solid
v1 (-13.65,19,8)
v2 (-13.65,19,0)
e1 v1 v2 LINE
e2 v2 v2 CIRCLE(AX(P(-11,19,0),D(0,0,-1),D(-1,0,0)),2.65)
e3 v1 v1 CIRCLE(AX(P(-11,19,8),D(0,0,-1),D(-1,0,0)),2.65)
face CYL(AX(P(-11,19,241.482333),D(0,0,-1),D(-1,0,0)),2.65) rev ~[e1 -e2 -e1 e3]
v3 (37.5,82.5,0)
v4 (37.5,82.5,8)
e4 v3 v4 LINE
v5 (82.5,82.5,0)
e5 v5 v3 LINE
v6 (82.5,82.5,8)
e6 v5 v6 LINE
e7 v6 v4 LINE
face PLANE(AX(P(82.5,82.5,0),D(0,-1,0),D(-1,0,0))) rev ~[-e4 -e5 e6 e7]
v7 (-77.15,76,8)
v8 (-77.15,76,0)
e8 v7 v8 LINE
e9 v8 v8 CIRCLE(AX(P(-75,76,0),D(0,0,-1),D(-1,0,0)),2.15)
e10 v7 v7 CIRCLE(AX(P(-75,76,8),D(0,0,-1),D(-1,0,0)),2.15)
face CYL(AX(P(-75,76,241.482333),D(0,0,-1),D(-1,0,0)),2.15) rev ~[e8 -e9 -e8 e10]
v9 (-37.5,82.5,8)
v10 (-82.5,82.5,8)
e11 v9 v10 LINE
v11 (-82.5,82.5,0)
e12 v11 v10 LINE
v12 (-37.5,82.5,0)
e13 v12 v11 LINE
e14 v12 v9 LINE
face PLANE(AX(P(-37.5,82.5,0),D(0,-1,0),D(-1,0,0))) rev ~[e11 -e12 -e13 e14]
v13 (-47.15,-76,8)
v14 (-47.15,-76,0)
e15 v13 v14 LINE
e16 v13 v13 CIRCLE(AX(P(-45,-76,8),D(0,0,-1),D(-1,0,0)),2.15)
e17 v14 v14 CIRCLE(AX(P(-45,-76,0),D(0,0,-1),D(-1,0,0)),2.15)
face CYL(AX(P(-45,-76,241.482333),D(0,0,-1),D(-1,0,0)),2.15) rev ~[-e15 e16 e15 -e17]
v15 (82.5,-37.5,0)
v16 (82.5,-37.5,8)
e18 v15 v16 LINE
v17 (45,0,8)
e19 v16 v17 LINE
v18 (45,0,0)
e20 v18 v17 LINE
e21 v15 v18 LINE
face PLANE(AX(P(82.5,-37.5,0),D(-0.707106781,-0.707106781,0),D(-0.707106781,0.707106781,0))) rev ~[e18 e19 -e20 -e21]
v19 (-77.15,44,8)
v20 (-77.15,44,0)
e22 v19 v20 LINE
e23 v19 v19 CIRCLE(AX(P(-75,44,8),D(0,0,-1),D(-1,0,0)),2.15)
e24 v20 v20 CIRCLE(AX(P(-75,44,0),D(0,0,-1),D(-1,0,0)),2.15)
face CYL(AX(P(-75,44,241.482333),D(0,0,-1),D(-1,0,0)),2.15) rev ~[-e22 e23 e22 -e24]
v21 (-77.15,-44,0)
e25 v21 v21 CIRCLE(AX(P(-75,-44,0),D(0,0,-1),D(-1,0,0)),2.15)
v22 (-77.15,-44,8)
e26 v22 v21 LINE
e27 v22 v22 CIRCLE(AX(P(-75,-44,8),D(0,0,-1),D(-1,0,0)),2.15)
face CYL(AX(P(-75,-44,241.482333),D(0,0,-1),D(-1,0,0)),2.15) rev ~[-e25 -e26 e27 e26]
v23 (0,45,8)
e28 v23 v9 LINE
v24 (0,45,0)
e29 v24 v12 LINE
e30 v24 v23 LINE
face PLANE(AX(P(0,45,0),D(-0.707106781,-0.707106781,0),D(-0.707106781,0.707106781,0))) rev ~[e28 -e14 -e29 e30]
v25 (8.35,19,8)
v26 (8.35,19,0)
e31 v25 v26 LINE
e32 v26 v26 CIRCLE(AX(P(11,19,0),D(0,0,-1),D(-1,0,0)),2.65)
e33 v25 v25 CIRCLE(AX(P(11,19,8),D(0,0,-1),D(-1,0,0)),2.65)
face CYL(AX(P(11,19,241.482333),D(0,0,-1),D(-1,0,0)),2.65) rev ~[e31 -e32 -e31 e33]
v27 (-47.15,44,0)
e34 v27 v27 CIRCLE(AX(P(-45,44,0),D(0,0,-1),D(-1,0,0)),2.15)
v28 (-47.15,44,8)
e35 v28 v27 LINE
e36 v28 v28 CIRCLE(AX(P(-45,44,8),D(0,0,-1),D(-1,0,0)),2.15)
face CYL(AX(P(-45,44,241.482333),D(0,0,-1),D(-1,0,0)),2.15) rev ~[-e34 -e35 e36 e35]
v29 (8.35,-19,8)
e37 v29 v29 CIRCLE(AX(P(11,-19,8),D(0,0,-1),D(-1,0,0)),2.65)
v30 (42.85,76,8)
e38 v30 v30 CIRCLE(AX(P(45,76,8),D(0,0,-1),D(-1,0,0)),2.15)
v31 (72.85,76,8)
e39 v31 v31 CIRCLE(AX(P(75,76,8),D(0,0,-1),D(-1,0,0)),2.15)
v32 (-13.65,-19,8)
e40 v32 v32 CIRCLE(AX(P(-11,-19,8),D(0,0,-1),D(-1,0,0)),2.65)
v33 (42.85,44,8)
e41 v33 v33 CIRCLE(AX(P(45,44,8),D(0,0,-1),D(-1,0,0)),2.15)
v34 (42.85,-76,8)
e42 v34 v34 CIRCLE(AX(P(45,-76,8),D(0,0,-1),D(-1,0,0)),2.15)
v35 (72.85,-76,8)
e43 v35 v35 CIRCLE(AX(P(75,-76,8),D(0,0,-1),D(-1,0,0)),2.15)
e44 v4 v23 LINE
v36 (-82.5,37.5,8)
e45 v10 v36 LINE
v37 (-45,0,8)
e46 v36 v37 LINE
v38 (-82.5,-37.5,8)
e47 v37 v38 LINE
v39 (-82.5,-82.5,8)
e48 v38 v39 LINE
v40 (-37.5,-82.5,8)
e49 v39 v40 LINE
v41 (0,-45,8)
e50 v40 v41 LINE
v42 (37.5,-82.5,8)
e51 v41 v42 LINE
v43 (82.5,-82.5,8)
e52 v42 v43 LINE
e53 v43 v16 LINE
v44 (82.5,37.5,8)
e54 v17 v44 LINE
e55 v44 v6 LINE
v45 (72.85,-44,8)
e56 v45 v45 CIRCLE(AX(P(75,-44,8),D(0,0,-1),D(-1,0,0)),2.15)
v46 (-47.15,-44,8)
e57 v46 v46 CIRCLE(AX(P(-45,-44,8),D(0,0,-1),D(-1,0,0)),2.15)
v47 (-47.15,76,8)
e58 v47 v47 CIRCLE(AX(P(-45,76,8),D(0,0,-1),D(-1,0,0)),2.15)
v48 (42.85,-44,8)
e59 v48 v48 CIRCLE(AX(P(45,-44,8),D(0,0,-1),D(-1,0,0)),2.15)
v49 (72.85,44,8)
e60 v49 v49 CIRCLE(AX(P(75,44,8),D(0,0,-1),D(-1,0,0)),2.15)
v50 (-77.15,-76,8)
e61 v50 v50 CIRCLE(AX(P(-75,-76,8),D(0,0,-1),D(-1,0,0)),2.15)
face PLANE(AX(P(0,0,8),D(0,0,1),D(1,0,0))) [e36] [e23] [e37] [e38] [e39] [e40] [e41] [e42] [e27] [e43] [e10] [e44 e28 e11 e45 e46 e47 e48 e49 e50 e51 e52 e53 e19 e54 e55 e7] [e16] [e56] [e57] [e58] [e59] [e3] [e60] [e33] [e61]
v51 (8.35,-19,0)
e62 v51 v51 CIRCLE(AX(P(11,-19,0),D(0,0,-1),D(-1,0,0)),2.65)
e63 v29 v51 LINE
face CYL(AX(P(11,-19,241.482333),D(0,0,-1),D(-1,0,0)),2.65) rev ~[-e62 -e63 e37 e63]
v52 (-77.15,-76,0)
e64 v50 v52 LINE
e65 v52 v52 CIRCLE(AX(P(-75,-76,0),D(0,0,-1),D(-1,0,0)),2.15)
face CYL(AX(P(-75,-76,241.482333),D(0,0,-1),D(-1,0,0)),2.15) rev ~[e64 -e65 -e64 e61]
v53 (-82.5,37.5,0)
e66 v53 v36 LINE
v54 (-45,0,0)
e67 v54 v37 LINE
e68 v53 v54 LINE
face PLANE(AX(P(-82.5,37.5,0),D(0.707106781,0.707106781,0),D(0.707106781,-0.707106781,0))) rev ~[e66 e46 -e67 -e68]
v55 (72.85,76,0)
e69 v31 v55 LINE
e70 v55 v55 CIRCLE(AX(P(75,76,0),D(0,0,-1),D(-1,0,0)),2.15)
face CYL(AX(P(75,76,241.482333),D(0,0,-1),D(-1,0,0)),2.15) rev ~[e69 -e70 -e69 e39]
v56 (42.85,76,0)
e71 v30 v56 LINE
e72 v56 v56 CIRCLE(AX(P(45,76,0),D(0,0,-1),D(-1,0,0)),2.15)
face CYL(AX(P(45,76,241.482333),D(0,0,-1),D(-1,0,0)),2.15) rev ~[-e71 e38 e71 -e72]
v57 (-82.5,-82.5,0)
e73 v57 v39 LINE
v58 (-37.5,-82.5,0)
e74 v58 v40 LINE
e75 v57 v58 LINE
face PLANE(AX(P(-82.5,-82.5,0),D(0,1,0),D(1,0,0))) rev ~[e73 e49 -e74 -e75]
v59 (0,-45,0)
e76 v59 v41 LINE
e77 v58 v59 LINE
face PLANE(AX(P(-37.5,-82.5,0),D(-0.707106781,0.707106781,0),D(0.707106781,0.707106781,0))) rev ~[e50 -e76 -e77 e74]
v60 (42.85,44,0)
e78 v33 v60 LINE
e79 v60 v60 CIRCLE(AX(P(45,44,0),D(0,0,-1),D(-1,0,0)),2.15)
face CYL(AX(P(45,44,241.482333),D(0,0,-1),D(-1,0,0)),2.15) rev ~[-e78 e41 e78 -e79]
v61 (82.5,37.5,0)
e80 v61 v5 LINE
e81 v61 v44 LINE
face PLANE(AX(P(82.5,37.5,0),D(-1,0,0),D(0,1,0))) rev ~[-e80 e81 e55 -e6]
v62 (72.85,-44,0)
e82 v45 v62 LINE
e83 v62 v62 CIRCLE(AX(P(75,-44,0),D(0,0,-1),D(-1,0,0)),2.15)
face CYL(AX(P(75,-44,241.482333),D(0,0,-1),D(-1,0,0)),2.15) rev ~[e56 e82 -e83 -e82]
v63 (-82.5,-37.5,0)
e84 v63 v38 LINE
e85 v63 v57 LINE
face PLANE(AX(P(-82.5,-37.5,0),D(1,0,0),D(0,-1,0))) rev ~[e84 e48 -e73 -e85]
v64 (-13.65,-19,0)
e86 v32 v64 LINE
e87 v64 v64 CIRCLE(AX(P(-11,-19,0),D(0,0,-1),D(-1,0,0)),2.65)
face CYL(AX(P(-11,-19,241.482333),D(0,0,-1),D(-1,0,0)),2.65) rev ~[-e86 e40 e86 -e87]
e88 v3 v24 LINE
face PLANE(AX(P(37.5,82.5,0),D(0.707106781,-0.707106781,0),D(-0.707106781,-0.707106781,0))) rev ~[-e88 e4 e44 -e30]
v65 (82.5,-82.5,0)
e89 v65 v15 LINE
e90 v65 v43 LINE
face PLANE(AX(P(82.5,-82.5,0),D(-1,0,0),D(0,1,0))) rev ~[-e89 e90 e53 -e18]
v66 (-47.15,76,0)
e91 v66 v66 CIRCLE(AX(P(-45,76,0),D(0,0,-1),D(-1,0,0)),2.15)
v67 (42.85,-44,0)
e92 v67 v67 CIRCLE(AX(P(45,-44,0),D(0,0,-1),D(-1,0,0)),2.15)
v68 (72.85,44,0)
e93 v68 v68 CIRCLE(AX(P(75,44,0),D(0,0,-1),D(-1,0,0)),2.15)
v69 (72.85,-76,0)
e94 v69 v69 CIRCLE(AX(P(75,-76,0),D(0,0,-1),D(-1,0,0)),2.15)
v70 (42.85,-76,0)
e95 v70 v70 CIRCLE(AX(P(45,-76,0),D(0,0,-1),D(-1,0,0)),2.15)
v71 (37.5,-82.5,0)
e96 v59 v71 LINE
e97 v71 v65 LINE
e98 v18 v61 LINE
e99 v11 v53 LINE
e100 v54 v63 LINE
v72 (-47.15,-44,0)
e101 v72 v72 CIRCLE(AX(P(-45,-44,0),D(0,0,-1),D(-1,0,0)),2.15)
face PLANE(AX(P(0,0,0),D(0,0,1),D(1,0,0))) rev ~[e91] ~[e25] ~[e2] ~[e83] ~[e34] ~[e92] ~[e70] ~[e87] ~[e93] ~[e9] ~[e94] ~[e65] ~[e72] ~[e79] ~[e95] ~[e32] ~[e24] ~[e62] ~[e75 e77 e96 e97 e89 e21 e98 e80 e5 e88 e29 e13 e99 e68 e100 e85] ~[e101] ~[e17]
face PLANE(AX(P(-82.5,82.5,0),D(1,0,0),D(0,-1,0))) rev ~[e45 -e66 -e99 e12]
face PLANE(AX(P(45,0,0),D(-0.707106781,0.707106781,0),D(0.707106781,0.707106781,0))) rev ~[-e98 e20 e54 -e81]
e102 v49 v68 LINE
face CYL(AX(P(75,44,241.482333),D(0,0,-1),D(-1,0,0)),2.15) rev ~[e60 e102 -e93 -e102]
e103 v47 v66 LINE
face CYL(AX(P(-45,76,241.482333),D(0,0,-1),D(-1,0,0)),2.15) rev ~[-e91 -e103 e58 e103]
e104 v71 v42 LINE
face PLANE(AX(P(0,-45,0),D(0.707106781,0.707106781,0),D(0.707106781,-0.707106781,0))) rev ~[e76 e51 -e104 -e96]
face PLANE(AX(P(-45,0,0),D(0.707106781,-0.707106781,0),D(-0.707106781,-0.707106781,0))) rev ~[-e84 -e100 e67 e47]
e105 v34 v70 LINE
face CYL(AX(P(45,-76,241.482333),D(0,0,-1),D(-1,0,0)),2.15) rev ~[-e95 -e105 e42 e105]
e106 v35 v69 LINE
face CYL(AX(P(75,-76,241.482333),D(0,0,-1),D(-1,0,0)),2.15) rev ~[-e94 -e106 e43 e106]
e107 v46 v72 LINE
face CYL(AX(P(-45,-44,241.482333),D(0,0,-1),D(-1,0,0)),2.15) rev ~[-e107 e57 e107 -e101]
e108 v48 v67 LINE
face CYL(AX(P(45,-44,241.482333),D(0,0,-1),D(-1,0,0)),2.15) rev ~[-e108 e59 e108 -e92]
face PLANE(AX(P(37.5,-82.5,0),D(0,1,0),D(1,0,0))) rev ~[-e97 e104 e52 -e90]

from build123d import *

# Parameters (mm, degrees)
BOSS_EXTRUDE1_DEPTH  = 8
M4_CLEARANCE_HOLE1_D = 4.3
M5_CLEARANCE_HOLE1_D = 5.3


with BuildPart() as part:
    # Sketch1 → Boss-Extrude1 (new body)
    with BuildSketch(Plane.XY):
        Polygon((-82.5, 37.5), (-45, 0), (-82.5, -37.5), (-82.5, -82.5), (-37.5, -82.5), (0, -45), (37.5, -82.5), (82.5, -82.5), (82.5, -37.5), (45, 0), (82.5, 37.5), (82.5, 82.5), (37.5, 82.5), (0, 45), (-37.5, 82.5), (-82.5, 82.5), align=None)
    extrude(amount=BOSS_EXTRUDE1_DEPTH)

    # M4 Clearance Hole1 (through all)
    with Locations(Plane.XY.offset(8)):
        with Locations((-75, 76), (-45, 76), (-45, 44), (-75, 44), (-75, -44), (-45, -44), (-45, -76), (-75, -76), (75, -76), (45, -76), (45, -44), (75, -44), (75, 44), (45, 44), (45, 76), (75, 76)):
            Hole(M4_CLEARANCE_HOLE1_D / 2)

    # M5 Clearance Hole1 (through all)
    with Locations(Plane.XY.offset(8)):
        with Locations((-11, 19), (-11, -19), (11, -19), (11, 19)):
            Hole(M5_CLEARANCE_HOLE1_D / 2)


solid = part.part
